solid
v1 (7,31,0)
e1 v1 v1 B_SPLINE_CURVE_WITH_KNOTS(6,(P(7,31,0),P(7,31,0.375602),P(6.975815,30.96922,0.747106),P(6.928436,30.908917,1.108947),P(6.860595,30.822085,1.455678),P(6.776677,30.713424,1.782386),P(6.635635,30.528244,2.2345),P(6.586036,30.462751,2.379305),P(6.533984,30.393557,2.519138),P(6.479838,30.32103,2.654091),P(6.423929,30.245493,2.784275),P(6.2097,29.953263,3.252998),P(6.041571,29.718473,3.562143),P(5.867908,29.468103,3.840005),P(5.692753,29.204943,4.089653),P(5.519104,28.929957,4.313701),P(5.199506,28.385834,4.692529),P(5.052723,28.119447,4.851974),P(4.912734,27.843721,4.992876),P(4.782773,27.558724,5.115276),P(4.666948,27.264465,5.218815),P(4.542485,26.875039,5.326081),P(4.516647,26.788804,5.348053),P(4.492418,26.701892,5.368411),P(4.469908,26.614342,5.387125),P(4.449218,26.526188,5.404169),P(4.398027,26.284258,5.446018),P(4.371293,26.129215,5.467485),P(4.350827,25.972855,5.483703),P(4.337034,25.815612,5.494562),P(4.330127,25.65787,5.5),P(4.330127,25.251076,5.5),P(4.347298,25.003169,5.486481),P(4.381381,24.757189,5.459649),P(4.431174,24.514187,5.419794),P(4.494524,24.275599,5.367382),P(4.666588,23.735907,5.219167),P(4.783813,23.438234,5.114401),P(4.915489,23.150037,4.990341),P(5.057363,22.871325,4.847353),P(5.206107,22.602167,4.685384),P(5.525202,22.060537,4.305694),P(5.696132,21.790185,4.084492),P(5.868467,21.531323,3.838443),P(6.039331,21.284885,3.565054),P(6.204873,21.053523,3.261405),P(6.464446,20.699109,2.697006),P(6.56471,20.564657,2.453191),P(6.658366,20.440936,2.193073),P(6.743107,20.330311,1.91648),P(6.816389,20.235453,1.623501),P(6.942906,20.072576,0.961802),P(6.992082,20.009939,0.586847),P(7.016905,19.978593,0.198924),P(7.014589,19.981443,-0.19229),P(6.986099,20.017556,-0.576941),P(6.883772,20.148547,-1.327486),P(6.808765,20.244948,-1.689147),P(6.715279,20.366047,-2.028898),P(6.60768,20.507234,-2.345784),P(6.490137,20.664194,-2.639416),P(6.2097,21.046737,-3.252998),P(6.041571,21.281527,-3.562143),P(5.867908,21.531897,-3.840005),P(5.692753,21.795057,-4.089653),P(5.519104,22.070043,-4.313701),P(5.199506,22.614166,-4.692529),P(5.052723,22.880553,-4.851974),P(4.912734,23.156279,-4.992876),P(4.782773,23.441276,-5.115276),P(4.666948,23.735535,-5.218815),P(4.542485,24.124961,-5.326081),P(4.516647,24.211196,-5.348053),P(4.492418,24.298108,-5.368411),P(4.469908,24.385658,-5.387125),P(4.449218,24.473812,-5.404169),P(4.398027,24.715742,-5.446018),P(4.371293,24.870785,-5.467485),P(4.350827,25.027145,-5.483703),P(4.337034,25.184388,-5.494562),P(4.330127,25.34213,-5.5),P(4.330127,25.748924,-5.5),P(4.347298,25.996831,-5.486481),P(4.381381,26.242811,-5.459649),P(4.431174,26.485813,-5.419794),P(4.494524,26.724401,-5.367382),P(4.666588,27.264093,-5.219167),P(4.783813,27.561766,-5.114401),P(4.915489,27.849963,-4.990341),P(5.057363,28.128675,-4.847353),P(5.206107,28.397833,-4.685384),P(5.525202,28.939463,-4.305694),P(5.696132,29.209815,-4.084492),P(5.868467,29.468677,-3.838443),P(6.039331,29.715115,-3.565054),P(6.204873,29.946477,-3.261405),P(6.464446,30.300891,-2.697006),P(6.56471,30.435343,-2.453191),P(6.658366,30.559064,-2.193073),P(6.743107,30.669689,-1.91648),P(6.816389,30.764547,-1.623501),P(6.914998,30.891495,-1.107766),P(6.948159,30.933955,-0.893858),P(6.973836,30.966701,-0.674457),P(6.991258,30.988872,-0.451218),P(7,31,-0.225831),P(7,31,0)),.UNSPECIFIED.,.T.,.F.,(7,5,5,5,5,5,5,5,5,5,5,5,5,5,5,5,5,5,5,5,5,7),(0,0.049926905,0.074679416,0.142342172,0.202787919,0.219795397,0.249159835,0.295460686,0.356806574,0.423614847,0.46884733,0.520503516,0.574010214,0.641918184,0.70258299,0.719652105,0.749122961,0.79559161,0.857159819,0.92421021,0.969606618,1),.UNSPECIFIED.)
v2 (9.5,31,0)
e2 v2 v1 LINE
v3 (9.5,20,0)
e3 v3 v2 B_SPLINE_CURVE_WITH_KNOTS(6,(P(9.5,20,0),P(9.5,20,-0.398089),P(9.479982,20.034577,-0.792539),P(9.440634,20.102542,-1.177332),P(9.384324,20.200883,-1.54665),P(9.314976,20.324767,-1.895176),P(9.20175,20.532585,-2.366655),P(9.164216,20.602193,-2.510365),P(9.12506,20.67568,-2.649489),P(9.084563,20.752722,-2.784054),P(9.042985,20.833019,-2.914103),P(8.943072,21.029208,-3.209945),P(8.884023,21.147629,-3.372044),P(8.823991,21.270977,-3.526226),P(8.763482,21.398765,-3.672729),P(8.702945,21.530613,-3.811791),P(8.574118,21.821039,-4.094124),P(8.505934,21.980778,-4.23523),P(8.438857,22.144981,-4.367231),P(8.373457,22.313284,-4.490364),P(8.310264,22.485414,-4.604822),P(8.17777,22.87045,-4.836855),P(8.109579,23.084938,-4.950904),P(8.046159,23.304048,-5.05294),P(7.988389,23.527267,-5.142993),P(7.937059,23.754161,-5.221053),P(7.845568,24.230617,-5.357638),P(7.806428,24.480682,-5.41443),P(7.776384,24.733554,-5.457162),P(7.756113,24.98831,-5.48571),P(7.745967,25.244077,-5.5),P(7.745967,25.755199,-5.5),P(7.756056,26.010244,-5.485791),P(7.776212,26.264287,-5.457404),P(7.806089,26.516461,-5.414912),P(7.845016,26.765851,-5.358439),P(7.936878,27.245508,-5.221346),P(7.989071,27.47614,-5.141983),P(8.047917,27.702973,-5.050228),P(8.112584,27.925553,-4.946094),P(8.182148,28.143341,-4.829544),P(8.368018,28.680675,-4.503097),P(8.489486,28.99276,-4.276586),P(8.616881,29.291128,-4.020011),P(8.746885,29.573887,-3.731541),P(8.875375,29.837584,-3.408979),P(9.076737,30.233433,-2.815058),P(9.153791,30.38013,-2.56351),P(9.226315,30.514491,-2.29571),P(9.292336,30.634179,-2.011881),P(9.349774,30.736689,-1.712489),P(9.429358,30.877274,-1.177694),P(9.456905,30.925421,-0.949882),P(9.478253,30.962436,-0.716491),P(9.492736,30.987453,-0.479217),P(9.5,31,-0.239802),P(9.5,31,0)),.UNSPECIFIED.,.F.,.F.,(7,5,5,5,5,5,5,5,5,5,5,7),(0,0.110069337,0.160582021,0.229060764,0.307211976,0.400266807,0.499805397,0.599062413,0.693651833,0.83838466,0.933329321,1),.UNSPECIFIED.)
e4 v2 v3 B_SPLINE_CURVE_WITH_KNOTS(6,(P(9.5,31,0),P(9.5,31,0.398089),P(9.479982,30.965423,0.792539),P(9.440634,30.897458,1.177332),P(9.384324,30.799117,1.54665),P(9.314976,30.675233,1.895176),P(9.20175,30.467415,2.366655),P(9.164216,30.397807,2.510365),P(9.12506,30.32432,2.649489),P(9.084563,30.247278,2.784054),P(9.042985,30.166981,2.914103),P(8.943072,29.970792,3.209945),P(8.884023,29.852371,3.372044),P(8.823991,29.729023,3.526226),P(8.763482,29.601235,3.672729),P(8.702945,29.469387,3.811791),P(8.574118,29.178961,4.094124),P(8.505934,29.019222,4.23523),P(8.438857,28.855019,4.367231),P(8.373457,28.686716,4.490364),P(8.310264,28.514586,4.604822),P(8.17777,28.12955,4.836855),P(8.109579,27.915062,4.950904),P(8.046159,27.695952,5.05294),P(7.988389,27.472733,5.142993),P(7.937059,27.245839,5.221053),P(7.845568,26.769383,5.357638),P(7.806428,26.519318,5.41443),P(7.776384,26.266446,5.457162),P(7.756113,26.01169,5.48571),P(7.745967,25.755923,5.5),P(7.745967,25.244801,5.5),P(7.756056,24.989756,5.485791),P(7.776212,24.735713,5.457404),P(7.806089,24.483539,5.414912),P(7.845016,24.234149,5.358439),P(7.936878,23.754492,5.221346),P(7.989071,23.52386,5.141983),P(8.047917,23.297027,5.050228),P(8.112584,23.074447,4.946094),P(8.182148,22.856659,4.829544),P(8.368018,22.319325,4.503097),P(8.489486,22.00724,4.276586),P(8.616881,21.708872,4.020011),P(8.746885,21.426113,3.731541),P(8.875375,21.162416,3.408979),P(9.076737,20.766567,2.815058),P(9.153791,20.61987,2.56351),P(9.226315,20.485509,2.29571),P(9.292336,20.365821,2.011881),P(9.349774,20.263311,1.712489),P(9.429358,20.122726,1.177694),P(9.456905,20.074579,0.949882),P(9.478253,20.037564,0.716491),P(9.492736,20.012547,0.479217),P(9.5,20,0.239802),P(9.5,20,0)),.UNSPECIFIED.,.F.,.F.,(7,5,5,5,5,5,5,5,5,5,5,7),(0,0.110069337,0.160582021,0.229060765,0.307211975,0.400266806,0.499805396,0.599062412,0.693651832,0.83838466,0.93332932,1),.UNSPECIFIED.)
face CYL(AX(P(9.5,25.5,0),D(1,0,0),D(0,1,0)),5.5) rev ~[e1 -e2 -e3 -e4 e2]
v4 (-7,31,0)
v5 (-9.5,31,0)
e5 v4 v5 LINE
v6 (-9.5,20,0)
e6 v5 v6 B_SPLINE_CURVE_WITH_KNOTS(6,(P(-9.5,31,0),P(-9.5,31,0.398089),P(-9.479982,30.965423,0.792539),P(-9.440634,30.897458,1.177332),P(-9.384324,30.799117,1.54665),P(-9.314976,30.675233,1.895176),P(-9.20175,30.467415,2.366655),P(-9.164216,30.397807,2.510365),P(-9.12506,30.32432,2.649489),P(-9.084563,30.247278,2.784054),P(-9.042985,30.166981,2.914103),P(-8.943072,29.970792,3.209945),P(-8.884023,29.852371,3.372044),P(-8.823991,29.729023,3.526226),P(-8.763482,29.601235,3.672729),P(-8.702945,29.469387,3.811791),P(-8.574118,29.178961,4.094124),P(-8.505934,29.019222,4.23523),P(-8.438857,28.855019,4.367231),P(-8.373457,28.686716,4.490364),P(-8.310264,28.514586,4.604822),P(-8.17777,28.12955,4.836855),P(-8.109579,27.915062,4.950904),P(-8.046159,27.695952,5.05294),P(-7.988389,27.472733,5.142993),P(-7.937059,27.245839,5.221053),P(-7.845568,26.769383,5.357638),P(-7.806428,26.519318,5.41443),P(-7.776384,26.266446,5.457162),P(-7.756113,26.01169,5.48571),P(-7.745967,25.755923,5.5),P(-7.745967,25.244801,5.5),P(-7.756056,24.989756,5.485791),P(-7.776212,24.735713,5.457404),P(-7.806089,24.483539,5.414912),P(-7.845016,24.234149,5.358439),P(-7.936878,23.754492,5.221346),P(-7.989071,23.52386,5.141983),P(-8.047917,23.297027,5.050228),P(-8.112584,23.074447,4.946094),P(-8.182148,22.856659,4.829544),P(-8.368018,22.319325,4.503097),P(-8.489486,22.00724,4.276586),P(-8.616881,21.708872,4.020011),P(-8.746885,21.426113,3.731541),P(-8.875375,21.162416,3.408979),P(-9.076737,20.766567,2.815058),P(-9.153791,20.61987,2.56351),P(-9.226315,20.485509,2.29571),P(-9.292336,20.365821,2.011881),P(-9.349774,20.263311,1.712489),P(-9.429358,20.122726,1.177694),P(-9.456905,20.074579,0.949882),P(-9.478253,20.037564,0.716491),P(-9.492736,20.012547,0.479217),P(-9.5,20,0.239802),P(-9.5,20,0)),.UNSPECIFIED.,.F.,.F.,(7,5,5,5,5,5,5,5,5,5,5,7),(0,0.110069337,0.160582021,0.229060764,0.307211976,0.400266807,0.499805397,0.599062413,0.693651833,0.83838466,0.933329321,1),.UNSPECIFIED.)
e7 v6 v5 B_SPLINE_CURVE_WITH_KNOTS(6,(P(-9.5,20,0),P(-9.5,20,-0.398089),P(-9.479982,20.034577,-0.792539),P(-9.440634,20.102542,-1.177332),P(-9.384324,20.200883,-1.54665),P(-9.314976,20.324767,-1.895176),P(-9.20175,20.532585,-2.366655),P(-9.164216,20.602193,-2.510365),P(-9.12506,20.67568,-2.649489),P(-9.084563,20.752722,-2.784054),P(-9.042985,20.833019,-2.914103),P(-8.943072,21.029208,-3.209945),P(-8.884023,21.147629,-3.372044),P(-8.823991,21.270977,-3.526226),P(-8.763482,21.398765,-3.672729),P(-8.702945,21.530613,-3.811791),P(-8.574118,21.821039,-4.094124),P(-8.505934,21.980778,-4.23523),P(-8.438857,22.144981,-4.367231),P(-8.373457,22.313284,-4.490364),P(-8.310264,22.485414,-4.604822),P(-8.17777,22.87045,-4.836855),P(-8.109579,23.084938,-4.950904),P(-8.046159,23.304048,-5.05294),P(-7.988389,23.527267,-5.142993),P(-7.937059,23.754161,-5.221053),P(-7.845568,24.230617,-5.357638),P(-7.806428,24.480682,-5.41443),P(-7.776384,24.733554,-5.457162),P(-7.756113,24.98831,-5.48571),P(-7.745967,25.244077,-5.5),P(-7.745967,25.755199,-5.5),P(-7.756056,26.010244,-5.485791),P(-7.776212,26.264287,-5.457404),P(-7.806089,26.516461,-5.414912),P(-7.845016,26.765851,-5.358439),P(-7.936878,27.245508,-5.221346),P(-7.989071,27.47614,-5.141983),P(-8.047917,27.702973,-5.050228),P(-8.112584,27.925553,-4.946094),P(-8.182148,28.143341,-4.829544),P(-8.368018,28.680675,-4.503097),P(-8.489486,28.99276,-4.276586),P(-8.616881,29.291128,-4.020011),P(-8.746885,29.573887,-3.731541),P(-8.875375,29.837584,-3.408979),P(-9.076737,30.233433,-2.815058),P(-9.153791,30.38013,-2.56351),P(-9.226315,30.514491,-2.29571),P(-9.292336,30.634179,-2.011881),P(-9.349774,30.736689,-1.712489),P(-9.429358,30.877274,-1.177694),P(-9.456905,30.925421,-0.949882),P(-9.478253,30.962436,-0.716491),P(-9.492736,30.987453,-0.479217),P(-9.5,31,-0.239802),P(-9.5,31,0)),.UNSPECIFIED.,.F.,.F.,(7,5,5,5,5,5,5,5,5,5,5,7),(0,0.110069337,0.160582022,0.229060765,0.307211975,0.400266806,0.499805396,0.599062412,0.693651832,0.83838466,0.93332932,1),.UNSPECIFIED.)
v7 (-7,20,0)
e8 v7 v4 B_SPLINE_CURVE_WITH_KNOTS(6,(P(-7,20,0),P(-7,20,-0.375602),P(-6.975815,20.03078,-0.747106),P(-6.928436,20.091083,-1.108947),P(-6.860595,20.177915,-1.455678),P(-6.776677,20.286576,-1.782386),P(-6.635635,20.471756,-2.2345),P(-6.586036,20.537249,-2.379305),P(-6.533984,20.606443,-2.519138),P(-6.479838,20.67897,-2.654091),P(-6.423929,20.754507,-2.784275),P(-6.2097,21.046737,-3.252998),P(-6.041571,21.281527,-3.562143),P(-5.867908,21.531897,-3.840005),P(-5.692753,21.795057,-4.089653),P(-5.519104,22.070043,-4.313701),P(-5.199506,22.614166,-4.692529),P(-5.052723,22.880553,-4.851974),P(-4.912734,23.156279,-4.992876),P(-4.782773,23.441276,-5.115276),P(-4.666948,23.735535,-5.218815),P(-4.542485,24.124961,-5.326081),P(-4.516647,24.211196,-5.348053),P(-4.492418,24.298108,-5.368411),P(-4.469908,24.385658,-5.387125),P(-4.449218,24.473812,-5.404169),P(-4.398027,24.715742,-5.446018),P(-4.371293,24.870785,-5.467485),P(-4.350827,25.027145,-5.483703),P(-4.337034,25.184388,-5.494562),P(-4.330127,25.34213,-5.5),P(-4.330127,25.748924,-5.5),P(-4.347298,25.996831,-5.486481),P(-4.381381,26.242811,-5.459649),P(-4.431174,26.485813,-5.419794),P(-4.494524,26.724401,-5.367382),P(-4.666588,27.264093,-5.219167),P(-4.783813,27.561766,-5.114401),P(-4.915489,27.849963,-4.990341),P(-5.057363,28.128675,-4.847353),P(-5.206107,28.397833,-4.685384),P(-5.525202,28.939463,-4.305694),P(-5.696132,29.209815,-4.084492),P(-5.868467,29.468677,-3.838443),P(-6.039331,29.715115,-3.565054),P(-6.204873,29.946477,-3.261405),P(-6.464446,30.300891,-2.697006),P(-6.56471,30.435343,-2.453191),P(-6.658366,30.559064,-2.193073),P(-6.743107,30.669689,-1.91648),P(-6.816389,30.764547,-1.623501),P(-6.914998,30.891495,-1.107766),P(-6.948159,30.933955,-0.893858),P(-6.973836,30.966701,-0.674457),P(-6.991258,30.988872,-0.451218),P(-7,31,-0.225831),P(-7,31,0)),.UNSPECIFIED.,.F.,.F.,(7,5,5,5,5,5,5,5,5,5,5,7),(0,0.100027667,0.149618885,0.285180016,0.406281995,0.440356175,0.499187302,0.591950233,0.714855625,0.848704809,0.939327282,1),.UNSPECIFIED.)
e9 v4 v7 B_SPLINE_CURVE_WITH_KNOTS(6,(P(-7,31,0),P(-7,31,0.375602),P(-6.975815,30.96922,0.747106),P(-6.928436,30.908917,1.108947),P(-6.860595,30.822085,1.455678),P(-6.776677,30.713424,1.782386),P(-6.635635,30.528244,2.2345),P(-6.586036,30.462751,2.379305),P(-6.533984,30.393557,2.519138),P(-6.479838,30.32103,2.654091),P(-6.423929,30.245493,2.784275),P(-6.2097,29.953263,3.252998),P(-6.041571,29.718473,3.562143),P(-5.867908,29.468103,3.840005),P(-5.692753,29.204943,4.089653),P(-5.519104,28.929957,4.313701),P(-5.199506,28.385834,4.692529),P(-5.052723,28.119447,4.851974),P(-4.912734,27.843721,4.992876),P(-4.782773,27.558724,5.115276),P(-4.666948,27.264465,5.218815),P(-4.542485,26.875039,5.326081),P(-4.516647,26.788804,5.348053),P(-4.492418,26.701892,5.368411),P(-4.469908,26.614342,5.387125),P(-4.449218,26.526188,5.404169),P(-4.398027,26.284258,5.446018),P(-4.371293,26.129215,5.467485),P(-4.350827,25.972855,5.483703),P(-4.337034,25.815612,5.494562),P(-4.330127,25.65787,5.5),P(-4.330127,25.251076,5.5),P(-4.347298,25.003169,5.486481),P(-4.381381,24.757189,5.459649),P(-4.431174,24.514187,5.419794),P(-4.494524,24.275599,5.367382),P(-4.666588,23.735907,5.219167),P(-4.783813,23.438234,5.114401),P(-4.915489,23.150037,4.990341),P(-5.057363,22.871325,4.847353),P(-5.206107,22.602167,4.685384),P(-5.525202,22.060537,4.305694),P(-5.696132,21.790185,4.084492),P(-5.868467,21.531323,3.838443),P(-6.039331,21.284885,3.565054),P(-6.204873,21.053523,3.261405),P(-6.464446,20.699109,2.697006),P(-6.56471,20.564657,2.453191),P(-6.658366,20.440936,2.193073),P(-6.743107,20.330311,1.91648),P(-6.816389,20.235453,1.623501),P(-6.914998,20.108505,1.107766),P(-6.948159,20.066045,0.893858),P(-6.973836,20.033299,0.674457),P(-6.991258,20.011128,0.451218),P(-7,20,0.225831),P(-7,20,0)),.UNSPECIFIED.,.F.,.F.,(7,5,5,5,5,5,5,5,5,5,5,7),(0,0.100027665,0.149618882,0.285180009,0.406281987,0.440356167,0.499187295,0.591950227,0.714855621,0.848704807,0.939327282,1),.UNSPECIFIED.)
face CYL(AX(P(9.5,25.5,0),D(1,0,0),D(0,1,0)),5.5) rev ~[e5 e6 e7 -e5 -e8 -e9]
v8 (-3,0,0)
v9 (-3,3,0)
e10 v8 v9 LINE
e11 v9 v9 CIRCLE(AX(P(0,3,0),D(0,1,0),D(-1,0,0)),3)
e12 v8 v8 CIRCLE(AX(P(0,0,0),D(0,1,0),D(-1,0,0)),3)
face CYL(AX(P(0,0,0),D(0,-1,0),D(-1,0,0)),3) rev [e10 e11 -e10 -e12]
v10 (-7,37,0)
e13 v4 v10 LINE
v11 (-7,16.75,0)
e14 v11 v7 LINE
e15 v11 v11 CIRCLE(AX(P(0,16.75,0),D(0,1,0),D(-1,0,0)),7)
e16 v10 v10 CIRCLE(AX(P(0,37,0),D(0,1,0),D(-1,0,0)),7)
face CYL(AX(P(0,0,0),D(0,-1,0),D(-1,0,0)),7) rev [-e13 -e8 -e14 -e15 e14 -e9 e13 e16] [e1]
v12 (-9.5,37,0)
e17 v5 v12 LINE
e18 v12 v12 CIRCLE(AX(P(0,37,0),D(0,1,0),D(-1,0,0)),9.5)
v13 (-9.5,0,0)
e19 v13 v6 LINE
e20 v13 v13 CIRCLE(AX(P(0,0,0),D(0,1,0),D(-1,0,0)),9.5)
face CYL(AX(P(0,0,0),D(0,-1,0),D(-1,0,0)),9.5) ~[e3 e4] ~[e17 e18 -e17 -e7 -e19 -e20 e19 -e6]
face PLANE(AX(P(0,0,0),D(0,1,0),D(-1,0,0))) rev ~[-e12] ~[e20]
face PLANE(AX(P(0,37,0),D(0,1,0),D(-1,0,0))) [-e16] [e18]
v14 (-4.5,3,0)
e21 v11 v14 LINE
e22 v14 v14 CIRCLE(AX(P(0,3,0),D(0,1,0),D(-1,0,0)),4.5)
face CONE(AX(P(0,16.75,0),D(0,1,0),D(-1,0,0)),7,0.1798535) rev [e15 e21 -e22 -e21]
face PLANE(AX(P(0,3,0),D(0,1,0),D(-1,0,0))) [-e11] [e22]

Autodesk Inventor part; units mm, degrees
ref_plane "YZ Plane" through (0, 0, 0) normal (1, 0, 0) x (0, 1, 0)
ref_plane "XZ Plane" through (0, 0, 0) normal (0, 1, 0) x (-1, 0, 0)
sketch "Sketch1" plane through (0, 0, 0) normal (0, 1, 0) x (-1, 0, 0)
  circle A0 centre (0, 0) radius 9.5
  circle A1 centre (0, 0) radius 7
  circle A2 centre (0, 0) radius 3
  dimension "d0" = 19
  dimension "d1" = 14
  dimension "d6" = 6
extrude "Extrusion1" add sketch "Sketch1" along normal blind 37 contours A0
extrude "Extrusion2" add sketch "Sketch1" along normal blind 3 contours A1
ref_plane "Work Plane1" through (9.5, 37, 0) normal (1, 0, 0) x (0, 1, 0)
sketch "Sketch2" plane through (9.5, 37, 0) normal (1, 0, 0) x (0, 1, 0)
  circle A0 centre (-11.5, 0) radius 5.5
  line L0 (0, -9.5) -> (0, 9.5) projected
  point P0 (-37, 0)
  point P1 (-6, 0)
  point P2 (0, 0)
  dimension "d7" = 11
  dimension "d9" = 6
extrude "Extrusion3" cut sketch "Sketch2" against normal through all
chamfer "Chamfer2" distance 13.75 distance2 2.5 1 edges at (7, 3, 0) measured on face at (3.14, 21.6954, -6.2562)
properties part number "Mocowanie_do_wieszaka_w_kuchni"
